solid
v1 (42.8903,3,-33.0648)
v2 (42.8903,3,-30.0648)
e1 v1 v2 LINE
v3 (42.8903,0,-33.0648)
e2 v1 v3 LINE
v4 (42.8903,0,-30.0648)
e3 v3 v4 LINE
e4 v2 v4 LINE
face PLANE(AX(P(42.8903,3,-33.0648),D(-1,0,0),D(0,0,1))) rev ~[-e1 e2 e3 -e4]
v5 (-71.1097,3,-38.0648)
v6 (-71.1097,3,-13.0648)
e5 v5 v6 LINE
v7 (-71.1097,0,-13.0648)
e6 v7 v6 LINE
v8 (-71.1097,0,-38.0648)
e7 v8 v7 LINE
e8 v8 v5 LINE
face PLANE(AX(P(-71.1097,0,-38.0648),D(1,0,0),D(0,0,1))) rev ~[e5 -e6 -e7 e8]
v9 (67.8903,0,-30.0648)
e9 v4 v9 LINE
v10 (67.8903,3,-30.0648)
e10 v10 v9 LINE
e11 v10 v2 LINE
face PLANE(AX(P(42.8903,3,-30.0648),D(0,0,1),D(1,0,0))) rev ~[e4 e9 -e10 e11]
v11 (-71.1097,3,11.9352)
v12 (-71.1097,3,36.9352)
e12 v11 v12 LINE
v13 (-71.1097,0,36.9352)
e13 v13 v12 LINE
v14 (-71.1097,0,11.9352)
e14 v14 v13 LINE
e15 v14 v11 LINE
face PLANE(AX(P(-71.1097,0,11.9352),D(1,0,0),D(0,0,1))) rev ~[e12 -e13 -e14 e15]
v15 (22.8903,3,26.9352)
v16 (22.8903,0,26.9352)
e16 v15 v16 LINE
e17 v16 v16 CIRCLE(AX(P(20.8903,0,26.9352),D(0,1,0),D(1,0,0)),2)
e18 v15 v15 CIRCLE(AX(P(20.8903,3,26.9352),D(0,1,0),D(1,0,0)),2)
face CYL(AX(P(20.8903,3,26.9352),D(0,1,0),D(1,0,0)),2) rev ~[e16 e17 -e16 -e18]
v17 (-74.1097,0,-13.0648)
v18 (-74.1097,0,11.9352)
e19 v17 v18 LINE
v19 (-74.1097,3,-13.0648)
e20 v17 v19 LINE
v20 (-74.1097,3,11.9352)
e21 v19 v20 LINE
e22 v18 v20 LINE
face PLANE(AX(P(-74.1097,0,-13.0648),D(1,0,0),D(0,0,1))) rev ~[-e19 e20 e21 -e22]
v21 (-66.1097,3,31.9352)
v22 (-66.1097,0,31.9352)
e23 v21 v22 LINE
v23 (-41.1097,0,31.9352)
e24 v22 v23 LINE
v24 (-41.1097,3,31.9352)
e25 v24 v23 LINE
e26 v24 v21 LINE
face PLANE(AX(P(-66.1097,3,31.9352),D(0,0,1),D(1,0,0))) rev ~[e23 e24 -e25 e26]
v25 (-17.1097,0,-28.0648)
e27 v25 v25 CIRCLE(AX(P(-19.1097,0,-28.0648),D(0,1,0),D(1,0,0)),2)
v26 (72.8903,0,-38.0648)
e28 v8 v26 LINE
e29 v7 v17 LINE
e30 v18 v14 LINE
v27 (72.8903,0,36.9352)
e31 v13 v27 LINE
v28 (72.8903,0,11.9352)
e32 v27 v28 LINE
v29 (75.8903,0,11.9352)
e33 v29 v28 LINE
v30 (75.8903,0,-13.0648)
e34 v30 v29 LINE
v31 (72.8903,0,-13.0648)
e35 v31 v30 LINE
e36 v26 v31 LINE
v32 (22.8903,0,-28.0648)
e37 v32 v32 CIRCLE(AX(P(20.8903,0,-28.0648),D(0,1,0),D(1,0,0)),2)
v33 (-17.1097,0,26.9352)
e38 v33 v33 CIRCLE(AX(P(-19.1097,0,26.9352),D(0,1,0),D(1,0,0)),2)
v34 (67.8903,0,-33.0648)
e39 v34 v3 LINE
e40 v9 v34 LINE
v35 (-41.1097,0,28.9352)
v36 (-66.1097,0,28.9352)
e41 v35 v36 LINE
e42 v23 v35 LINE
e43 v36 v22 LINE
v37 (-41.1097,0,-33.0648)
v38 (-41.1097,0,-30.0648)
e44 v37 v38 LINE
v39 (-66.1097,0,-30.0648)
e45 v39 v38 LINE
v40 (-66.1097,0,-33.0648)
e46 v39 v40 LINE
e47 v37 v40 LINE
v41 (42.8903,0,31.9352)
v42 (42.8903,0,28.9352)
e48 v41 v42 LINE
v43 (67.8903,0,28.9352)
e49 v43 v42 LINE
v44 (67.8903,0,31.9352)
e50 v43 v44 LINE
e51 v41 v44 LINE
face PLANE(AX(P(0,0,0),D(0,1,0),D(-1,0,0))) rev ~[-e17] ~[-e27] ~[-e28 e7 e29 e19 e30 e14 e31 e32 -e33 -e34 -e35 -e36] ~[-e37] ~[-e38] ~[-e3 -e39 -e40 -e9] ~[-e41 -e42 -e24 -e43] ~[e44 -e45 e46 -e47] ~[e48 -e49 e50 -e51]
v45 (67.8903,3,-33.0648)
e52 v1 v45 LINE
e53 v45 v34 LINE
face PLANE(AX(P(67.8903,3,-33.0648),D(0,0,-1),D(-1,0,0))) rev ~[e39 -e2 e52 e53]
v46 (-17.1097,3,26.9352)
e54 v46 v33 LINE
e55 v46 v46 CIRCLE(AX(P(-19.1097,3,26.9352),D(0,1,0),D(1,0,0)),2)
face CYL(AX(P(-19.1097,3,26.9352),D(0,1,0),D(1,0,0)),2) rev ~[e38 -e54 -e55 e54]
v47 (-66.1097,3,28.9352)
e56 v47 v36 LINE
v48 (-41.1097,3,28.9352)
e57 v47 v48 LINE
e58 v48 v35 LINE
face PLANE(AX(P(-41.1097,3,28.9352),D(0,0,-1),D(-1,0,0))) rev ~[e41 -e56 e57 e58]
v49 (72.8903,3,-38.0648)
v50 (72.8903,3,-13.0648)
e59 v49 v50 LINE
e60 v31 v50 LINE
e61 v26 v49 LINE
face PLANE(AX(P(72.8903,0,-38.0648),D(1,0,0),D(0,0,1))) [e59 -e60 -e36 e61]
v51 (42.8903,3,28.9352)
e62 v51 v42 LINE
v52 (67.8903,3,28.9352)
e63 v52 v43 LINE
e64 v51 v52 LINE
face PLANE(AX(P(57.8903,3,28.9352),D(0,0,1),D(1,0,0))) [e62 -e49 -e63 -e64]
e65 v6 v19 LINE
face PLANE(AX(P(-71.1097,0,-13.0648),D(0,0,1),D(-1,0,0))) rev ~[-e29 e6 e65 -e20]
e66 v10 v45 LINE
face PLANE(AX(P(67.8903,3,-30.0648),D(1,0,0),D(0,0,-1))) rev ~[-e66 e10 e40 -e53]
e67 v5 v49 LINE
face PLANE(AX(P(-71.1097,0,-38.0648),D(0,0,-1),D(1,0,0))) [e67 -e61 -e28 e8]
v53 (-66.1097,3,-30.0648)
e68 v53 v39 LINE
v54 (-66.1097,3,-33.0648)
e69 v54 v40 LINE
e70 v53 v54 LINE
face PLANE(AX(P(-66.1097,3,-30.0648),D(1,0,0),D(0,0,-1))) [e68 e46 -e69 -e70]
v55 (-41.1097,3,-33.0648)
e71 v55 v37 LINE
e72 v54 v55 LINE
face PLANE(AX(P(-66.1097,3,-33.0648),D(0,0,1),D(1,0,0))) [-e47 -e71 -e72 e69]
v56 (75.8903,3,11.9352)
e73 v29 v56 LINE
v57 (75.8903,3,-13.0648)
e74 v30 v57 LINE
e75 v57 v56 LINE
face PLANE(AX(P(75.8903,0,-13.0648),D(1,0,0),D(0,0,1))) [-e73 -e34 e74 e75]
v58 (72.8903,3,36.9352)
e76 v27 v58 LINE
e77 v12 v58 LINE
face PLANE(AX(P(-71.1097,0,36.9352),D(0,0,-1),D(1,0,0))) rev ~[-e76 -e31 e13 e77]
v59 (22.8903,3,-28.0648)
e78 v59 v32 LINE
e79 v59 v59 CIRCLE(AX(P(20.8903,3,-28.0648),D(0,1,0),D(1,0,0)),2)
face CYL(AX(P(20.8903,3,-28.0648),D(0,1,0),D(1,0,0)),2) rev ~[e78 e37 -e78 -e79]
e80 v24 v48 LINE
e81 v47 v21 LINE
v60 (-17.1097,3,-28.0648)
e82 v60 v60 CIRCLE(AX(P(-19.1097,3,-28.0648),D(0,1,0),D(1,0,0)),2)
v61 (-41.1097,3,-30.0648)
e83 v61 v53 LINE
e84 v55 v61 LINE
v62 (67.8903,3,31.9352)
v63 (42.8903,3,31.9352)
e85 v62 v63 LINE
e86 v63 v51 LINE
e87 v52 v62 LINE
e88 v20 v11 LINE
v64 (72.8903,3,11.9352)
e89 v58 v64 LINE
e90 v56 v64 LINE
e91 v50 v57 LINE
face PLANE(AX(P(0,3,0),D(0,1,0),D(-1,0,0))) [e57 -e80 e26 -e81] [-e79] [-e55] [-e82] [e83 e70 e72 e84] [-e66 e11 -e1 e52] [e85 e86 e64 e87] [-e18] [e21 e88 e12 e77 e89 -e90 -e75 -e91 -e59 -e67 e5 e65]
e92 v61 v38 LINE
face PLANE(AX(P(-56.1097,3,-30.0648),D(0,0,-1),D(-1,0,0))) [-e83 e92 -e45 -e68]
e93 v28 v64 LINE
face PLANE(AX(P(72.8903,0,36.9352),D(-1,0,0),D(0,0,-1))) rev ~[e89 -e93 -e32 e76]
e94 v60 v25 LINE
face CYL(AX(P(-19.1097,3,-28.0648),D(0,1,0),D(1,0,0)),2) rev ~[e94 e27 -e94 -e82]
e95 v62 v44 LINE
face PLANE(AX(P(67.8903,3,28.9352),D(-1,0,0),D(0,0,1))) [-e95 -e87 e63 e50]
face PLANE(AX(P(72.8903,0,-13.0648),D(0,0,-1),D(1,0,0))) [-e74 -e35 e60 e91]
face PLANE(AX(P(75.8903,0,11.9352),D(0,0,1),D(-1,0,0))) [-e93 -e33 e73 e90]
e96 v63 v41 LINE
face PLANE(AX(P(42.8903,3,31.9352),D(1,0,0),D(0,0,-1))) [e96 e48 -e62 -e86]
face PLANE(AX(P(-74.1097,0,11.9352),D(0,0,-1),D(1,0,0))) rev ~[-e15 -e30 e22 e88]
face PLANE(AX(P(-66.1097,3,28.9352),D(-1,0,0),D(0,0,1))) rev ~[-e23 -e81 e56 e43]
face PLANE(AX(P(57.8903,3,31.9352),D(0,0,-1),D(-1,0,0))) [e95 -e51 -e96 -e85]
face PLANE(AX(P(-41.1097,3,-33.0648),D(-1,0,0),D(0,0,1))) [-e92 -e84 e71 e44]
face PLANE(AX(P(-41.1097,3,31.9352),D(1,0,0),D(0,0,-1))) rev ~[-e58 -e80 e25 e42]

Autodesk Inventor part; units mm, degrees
ref_plane "YZ Plane" through (0, 0, 0) normal (1, 0, 0) x (0, 1, 0)
ref_plane "XZ Plane" through (0, 0, 0) normal (0, 1, 0) x (-1, 0, 0)
ref_plane "XY Plane" through (0, 0, 0) normal (0, 0, 1) x (1, 0, 0)
sketch "Sketch1" plane through (0, 0, 0) normal (0, 1, 0) x (-1, 0, 0)
  line L0 (71.1097, -38.0648) -> (71.1097, -13.0648)
  line L1 (71.1097, -13.0648) -> (74.1097, -13.0648)
  line L2 (74.1097, -13.0648) -> (74.1097, 11.9352)
  line L3 (74.1097, 11.9352) -> (71.1097, 11.9352)
  line L4 (71.1097, 11.9352) -> (71.1097, 36.9352)
  line L5 (-72.8903, -38.0648) -> (-72.8903, -13.0648)
  line L6 (-72.8903, 36.9352) -> (-72.8903, 11.9352)
  line L7 (-72.8903, -13.0648) -> (-75.8903, -13.0648)
  line L8 (-75.8903, -13.0648) -> (-75.8903, 11.9352)
  line L9 (-75.8903, 11.9352) -> (-72.8903, 11.9352)
  line L10 (71.1097, -38.0648) -> (-72.8903, -38.0648)
  line L11 (71.1097, 36.9352) -> (-72.8903, 36.9352)
  point P0 (0, 0)
extrude "Extrusion1" add sketch "Sketch1" along normal blind 3
sketch "Sketch2" plane through (0, 3, 0) normal (0, 1, 0) x (1, 0, 0)
  line L0 (-71.1097, -36.9352) -> (72.8903, -36.9352) projected
  line L1 (-66.1097, -31.9352) -> (-56.1097, -31.9352)
  line L2 (-56.1097, -31.9352) -> (-56.1097, -28.9352)
  line L3 (-56.1097, -28.9352) -> (-66.1097, -28.9352)
  line L4 (-66.1097, -28.9352) -> (-66.1097, -31.9352)
  line L5 (72.8903, 38.0648) -> (-71.1097, 38.0648) projected
  line L6 (-56.1097, 30.0648) -> (-66.1097, 30.0648)
  line L7 (-66.1097, 30.0648) -> (-66.1097, 33.0648)
  line L8 (-66.1097, 33.0648) -> (-56.1097, 33.0648)
  line L9 (-56.1097, 33.0648) -> (-56.1097, 30.0648)
  line L10 (67.8903, 33.0648) -> (57.8903, 33.0648)
  line L11 (57.8903, 33.0648) -> (57.8903, 30.0648)
  line L12 (57.8903, 30.0648) -> (67.8903, 30.0648)
  line L13 (67.8903, 30.0648) -> (67.8903, 33.0648)
  line L14 (67.8903, -31.9352) -> (57.8903, -31.9352)
  line L15 (57.8903, -31.9352) -> (57.8903, -28.9352)
  line L16 (57.8903, -28.9352) -> (67.8903, -28.9352)
  line L17 (67.8903, -28.9352) -> (67.8903, -31.9352)
  point P0 (0, 0)
extrude "Extrusion2" cut sketch "Sketch2" against normal blind 30
sketch "Sketch3" plane through (0, 3, 0) normal (0, 1, 0) x (1, 0, 0)
  line L0 (72.8903, 38.0648) -> (-71.1097, 38.0648) projected
  circle A0 centre (-14.1097, 28.0648) radius 5
  circle A1 centre (15.8903, 28.0648) radius 5
  line L1 (-71.1097, -36.9352) -> (72.8903, -36.9352) projected
  circle A2 centre (-14.1097, -26.9352) radius 5
  circle A3 centre (15.8903, -26.9352) radius 5
  point P0 (0, 0)
  dimension "d35" = 10
  dimension "d36" = 10
  dimension "d39" = 10
  dimension "d40" = 10
extrude "Extrusion3" cut sketch "Sketch3" against normal blind 30
sketch "Sketch4" plane through (0, 3, 0) normal (0, 1, 0) x (1, 0, 0)
  line L0 (-56.1097, 33.0648) -> (-56.1097, 30.0648) projected
  line L1 (-56.1097, 33.0648) -> (-41.1097, 33.0648)
  line L2 (-41.1097, 33.0648) -> (-41.1097, 30.0648)
  line L3 (-41.1097, 30.0648) -> (-56.1097, 30.0648)
  line L4 (-56.1097, 30.0648) -> (-56.1097, 33.0648)
  line L5 (57.8903, 33.0648) -> (42.8903, 33.0648)
  line L6 (42.8903, 33.0648) -> (42.8903, 30.0648)
  line L7 (42.8903, 30.0648) -> (57.8903, 30.0648)
  line L8 (57.8903, 30.0648) -> (57.8903, 33.0648)
  line L9 (-56.1097, -31.9352) -> (-66.1097, -31.9352) projected
  line L10 (-56.1097, -31.9352) -> (-41.1097, -31.9352)
  line L11 (-41.1097, -31.9352) -> (-41.1097, -28.9352)
  line L12 (-41.1097, -28.9352) -> (-56.1097, -28.9352)
  line L13 (-56.1097, -28.9352) -> (-56.1097, -31.9352)
  line L14 (57.8903, -31.9352) -> (57.8903, -28.9352) projected
  line L15 (57.8903, -31.9352) -> (42.8903, -31.9352)
  line L16 (42.8903, -31.9352) -> (42.8903, -28.9352)
  line L17 (42.8903, -28.9352) -> (57.8903, -28.9352)
  line L18 (57.8903, -28.9352) -> (57.8903, -31.9352)
  point P0 (0, 0)
  dimension "d43" = 15
  dimension "d44" = 15
extrude "Extrusion4" cut sketch "Sketch4" against normal blind 10
sketch "Sketch5" plane through (0, 3, 0) normal (0, 1, 0) x (1, 0, 0)
  circle A0 centre (-14.1097, 28.0648) radius 5 projected
  circle A1 centre (-14.1097, 28.0648) radius 5
  circle A2 centre (15.8903, 28.0648) radius 5 projected
  circle A3 centre (15.8903, 28.0648) radius 5
  circle A4 centre (15.8903, -26.9352) radius 5 projected
  circle A5 centre (15.8903, -26.9352) radius 5
  circle A6 centre (-14.1097, -26.9352) radius 5 projected
  circle A7 centre (-14.1097, -26.9352) radius 5
  point P0 (0, 0)
extrude "Extrusion5" add sketch "Sketch5" against normal blind 3
sketch "Sketch6" plane through (0, 3, 0) normal (0, 1, 0) x (1, 0, 0)
  line L0 (-74.1097, 13.0648) -> (-74.1097, -11.9352) projected
  line L1 (75.8903, -11.9352) -> (75.8903, 13.0648) projected
  line L2 (72.8903, 38.0648) -> (-71.1097, 38.0648) projected
  line L3 (0.8903, 38.0648) -> (0.8903, -36.9352)
  line L4 (-71.1097, -36.9352) -> (72.8903, -36.9352) projected
  circle A0 centre (-19.1097, 28.0648) radius 2
  circle A1 centre (20.8903, 28.0648) radius 2
  circle A2 centre (-19.1097, -26.9352) radius 2
  circle A3 centre (20.8903, -26.9352) radius 2
  point P0 (0, 0)
extrude "Extrusion6" cut sketch "Sketch6" against normal blind 3
properties part number "Level1 (Motoren)"
